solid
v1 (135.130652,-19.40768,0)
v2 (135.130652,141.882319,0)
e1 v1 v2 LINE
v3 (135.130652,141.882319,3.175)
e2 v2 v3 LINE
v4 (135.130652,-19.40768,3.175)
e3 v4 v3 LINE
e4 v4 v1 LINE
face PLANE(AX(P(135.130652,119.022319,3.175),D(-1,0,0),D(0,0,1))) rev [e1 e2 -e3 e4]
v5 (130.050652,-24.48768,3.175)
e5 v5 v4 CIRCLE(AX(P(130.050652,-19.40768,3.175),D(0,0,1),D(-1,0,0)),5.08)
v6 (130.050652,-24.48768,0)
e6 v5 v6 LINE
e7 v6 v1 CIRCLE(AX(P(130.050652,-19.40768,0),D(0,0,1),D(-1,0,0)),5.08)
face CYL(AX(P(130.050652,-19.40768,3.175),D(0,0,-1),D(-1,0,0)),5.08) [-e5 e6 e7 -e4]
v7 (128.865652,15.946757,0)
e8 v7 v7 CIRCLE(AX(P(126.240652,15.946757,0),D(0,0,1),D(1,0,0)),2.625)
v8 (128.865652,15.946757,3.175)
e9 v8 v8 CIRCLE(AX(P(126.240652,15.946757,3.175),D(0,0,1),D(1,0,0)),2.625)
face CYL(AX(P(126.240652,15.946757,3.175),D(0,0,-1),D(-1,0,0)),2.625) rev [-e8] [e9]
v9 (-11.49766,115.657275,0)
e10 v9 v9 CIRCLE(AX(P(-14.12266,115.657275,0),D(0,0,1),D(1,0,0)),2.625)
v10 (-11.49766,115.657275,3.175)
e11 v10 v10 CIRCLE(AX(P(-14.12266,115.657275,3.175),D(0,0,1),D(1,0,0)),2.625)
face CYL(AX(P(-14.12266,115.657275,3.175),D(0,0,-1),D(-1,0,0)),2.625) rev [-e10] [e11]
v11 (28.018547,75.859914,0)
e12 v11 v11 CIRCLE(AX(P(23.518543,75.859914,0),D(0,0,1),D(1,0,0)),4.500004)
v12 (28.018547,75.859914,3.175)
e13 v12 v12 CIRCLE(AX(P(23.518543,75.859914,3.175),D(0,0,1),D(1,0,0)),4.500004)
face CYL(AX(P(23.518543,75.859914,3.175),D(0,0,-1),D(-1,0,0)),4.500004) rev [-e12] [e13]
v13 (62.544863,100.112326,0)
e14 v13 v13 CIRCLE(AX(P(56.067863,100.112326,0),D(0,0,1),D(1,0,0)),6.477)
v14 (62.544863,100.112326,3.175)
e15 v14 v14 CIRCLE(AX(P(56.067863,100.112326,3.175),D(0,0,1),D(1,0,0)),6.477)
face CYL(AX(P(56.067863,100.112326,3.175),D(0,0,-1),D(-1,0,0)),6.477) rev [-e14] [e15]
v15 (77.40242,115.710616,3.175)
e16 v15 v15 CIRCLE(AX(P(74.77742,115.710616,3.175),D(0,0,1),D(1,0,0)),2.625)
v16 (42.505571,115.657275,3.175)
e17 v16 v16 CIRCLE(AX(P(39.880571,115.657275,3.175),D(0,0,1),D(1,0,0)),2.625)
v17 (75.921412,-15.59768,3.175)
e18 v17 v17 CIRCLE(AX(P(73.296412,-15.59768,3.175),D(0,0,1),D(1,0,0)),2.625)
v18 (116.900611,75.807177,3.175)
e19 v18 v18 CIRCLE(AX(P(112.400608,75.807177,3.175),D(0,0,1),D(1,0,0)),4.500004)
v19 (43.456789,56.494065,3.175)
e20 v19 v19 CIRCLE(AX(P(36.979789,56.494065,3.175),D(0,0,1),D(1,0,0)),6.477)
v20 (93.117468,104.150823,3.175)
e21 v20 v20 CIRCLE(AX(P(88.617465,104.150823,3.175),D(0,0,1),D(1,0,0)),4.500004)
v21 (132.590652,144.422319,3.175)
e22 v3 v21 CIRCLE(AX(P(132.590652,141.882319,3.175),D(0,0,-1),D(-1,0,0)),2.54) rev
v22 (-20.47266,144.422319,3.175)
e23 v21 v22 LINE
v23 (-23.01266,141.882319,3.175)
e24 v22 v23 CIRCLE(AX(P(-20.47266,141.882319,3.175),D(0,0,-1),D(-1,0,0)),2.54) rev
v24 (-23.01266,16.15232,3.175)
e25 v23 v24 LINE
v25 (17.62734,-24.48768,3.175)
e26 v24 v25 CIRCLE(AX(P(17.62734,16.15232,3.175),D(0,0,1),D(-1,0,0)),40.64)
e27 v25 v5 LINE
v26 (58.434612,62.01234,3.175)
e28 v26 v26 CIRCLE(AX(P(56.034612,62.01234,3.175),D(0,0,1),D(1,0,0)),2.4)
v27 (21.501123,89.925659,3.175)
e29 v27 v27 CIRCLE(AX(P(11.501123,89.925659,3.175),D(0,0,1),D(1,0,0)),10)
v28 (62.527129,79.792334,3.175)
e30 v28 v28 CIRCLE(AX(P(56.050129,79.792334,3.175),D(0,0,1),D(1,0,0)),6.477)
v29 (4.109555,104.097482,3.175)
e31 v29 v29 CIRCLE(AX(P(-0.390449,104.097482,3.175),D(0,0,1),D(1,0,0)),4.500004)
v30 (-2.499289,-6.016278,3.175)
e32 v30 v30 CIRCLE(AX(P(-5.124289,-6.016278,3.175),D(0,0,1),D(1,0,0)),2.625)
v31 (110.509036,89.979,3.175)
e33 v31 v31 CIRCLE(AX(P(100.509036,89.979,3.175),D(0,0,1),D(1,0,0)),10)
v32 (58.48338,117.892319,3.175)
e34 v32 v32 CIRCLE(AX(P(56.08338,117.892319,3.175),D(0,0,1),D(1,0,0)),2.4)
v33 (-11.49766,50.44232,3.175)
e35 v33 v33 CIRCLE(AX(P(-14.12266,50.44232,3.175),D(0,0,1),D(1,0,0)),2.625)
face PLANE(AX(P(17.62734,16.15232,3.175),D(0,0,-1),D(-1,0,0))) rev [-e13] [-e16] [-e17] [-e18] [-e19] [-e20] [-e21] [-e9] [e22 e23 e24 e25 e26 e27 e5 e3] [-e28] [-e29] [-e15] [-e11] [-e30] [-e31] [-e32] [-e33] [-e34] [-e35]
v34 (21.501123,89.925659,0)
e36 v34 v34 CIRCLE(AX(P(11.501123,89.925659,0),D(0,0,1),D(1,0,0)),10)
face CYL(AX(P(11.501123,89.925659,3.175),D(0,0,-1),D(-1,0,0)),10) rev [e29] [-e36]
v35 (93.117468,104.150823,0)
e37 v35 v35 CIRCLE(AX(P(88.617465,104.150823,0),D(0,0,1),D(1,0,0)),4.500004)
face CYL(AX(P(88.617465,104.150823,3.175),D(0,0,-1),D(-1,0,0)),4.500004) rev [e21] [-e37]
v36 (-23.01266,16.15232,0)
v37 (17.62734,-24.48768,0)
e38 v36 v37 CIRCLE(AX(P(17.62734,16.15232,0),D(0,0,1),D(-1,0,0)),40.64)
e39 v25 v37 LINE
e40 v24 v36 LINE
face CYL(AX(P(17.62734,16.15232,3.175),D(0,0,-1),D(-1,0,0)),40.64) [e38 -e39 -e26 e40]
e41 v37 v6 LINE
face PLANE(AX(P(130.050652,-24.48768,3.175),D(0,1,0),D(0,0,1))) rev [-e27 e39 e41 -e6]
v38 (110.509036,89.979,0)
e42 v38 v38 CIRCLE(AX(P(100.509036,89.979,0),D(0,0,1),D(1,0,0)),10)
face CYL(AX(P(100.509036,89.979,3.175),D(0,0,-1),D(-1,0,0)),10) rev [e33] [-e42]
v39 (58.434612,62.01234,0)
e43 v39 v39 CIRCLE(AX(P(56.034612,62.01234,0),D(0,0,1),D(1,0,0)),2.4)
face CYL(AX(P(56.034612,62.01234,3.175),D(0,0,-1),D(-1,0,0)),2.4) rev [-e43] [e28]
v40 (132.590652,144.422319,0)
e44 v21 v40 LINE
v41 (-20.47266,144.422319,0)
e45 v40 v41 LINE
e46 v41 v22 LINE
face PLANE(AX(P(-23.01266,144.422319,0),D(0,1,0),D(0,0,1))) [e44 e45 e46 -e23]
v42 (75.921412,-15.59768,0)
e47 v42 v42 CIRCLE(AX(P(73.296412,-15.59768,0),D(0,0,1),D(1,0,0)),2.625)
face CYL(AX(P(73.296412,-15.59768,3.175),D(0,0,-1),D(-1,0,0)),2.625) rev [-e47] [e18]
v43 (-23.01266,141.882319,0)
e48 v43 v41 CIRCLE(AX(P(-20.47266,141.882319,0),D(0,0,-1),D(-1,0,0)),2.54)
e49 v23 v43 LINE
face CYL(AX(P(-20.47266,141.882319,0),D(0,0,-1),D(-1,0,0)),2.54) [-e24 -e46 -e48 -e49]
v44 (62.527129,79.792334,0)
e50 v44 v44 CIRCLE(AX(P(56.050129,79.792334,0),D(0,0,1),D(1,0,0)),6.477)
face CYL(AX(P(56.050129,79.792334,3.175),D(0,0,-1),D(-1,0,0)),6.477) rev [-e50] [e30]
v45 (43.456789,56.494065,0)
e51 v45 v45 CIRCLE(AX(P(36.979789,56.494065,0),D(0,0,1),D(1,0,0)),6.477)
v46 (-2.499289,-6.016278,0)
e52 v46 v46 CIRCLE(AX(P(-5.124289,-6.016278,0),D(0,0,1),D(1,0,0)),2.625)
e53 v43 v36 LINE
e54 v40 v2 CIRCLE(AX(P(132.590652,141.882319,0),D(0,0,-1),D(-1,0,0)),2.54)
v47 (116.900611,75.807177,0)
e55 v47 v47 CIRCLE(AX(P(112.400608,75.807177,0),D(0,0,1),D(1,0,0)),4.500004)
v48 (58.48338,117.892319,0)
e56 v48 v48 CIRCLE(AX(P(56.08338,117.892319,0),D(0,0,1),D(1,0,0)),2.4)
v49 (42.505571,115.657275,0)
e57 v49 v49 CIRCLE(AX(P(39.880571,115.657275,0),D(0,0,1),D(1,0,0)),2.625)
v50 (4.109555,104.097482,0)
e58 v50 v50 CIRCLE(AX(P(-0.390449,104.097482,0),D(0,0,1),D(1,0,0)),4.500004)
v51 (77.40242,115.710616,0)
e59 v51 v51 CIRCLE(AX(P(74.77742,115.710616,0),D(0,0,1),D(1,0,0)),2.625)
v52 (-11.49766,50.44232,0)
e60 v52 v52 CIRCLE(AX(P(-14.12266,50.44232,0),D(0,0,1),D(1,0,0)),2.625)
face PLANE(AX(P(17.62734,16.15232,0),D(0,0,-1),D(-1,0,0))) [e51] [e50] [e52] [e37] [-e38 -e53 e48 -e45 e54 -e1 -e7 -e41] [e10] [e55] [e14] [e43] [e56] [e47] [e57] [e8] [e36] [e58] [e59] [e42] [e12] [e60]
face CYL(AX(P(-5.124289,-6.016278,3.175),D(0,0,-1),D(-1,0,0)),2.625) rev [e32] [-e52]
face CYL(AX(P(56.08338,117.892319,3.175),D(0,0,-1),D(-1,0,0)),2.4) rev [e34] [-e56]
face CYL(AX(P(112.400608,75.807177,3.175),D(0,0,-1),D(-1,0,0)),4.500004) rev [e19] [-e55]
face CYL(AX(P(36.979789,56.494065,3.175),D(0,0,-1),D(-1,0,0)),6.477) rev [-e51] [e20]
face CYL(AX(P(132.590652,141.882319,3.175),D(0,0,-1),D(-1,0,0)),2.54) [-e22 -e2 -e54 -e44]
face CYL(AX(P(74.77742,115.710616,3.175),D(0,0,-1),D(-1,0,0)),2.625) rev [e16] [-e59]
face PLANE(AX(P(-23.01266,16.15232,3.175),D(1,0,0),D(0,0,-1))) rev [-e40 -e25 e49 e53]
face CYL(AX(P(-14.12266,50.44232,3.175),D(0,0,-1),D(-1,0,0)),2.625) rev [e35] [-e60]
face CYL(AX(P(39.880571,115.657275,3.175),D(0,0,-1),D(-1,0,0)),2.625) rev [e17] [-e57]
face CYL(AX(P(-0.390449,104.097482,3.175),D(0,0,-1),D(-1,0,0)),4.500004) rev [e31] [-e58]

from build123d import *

# Parameters (mm, degrees)
SKETCH2_R           = 2.625
SKETCH2_R_2         = 6.477
SKETCH2_R_3         = 2.4
SKETCH2_R_4         = 10
SKETCH2_R_5         = 4.5000037
BOSS_EXTRUDE1_DEPTH = 3.175
BOSS_EXTRUDE2_START = -3.175
BOSS_EXTRUDE2_DEPTH = 3.175
FILLET1_R           = 2.54


with BuildPart() as part:
    # Sketch2 → Boss-Extrude1 (new body)
    with BuildSketch(Plane.XY):
        with BuildLine():
            Line((-16.662660117, 125.372318995), (128.780651825, 125.372318995))
            ThreePointArc((128.780651825, 125.372318995), (133.270779886, 123.512447055), (135.130651825, 119.022318995))
            Line((135.130651825, 119.022318995), (135.130651825, -19.407679937))
            ThreePointArc((135.130651825, -19.407679937), (133.642754274, -22.999782385), (130.050651825, -24.487679937))
            Line((130.050651825, -24.487679937), (17.627339883, -24.487679937))
            ThreePointArc((17.627339883, -24.487679937), (-11.109479704, -12.584499524), (-23.012660117, 16.152320063))
            Line((-23.012660117, 16.152320063), (-23.012660117, 119.022318995))
            ThreePointArc((-23.012660117, 119.022318995), (-21.152788178, 123.512447055), (-16.662660117, 125.372318995))
        make_face()
        with Locations((-14.122660117, 115.657274828)):
            Circle(SKETCH2_R, mode=Mode.SUBTRACT)
        with Locations((56.050128961, 79.792333504)):
            Circle(SKETCH2_R_2, mode=Mode.SUBTRACT)
        with Locations((56.034611898, 62.012340275)):
            Circle(SKETCH2_R_3, mode=Mode.SUBTRACT)
        with Locations((56.067862747, 100.112325766)):
            Circle(SKETCH2_R_2, mode=Mode.SUBTRACT)
        with Locations((56.08337981, 117.892318995)):
            Circle(SKETCH2_R_3, mode=Mode.SUBTRACT)
        with Locations((36.9797887, 56.4940647)):
            Circle(SKETCH2_R_2, mode=Mode.SUBTRACT)
        with Locations((39.880571418, 115.657274828)):
            Circle(SKETCH2_R, mode=Mode.SUBTRACT)
        with Locations((74.777420291, 115.710615977)):
            Circle(SKETCH2_R, mode=Mode.SUBTRACT)
        with Locations((-14.122660117, 50.442319529)):
            Circle(SKETCH2_R, mode=Mode.SUBTRACT)
        with Locations((-5.124288877, -6.016277999)):
            Circle(SKETCH2_R, mode=Mode.SUBTRACT)
        with Locations((73.296411889, -15.597679937)):
            Circle(SKETCH2_R, mode=Mode.SUBTRACT)
        with Locations((126.240651825, 15.946756738)):
            Circle(SKETCH2_R, mode=Mode.SUBTRACT)
        with Locations((11.5011229, 89.92565906)):
            Circle(SKETCH2_R_4, mode=Mode.SUBTRACT)
        with Locations((100.509036058, 89.97900021)):
            Circle(SKETCH2_R_4, mode=Mode.SUBTRACT)
        with Locations((88.617464572, 104.15082325)):
            Circle(SKETCH2_R_5, mode=Mode.SUBTRACT)
        with Locations((112.400607544, 75.80717717)):
            Circle(SKETCH2_R_5, mode=Mode.SUBTRACT)
        with Locations((-0.390448587, 104.097482101)):
            Circle(SKETCH2_R_5, mode=Mode.SUBTRACT)
        with Locations((23.518543133, 75.859913549)):
            Circle(SKETCH2_R_5, mode=Mode.SUBTRACT)
    extrude(amount=BOSS_EXTRUDE1_DEPTH)

    # Sketch3 → Boss-Extrude2 (add)
    with BuildSketch(Plane.XY.offset(3.175).offset(BOSS_EXTRUDE2_START)):
        with BuildLine():
            Line((-23.012660117, 119.022318995), (-23.012660117, 144.422318995))
            Line((-23.012660117, 144.422318995), (135.130651825, 144.422318995))
            Line((135.130651825, 144.422318995), (135.130651825, 119.022318995))
            ThreePointArc((135.130651825, 119.022318995), (133.270779886, 123.512447055), (128.780651825, 125.372318995))
            Line((128.780651825, 125.372318995), (-16.662660117, 125.372318995))
            ThreePointArc((-16.662660117, 125.372318995), (-21.152788178, 123.512447055), (-23.012660117, 119.022318995))
        make_face()
    extrude(amount=BOSS_EXTRUDE2_DEPTH)

    # Fillet1
    fillet1_edges = [part.edges().sort_by_distance(p)[0] for p in [
        (-23.012660117, 144.422318995, 1.5875),
        (135.130651825, 144.422318995, 1.5875),
    ]]
    fillet(fillet1_edges, radius=FILLET1_R)


solid = part.part
